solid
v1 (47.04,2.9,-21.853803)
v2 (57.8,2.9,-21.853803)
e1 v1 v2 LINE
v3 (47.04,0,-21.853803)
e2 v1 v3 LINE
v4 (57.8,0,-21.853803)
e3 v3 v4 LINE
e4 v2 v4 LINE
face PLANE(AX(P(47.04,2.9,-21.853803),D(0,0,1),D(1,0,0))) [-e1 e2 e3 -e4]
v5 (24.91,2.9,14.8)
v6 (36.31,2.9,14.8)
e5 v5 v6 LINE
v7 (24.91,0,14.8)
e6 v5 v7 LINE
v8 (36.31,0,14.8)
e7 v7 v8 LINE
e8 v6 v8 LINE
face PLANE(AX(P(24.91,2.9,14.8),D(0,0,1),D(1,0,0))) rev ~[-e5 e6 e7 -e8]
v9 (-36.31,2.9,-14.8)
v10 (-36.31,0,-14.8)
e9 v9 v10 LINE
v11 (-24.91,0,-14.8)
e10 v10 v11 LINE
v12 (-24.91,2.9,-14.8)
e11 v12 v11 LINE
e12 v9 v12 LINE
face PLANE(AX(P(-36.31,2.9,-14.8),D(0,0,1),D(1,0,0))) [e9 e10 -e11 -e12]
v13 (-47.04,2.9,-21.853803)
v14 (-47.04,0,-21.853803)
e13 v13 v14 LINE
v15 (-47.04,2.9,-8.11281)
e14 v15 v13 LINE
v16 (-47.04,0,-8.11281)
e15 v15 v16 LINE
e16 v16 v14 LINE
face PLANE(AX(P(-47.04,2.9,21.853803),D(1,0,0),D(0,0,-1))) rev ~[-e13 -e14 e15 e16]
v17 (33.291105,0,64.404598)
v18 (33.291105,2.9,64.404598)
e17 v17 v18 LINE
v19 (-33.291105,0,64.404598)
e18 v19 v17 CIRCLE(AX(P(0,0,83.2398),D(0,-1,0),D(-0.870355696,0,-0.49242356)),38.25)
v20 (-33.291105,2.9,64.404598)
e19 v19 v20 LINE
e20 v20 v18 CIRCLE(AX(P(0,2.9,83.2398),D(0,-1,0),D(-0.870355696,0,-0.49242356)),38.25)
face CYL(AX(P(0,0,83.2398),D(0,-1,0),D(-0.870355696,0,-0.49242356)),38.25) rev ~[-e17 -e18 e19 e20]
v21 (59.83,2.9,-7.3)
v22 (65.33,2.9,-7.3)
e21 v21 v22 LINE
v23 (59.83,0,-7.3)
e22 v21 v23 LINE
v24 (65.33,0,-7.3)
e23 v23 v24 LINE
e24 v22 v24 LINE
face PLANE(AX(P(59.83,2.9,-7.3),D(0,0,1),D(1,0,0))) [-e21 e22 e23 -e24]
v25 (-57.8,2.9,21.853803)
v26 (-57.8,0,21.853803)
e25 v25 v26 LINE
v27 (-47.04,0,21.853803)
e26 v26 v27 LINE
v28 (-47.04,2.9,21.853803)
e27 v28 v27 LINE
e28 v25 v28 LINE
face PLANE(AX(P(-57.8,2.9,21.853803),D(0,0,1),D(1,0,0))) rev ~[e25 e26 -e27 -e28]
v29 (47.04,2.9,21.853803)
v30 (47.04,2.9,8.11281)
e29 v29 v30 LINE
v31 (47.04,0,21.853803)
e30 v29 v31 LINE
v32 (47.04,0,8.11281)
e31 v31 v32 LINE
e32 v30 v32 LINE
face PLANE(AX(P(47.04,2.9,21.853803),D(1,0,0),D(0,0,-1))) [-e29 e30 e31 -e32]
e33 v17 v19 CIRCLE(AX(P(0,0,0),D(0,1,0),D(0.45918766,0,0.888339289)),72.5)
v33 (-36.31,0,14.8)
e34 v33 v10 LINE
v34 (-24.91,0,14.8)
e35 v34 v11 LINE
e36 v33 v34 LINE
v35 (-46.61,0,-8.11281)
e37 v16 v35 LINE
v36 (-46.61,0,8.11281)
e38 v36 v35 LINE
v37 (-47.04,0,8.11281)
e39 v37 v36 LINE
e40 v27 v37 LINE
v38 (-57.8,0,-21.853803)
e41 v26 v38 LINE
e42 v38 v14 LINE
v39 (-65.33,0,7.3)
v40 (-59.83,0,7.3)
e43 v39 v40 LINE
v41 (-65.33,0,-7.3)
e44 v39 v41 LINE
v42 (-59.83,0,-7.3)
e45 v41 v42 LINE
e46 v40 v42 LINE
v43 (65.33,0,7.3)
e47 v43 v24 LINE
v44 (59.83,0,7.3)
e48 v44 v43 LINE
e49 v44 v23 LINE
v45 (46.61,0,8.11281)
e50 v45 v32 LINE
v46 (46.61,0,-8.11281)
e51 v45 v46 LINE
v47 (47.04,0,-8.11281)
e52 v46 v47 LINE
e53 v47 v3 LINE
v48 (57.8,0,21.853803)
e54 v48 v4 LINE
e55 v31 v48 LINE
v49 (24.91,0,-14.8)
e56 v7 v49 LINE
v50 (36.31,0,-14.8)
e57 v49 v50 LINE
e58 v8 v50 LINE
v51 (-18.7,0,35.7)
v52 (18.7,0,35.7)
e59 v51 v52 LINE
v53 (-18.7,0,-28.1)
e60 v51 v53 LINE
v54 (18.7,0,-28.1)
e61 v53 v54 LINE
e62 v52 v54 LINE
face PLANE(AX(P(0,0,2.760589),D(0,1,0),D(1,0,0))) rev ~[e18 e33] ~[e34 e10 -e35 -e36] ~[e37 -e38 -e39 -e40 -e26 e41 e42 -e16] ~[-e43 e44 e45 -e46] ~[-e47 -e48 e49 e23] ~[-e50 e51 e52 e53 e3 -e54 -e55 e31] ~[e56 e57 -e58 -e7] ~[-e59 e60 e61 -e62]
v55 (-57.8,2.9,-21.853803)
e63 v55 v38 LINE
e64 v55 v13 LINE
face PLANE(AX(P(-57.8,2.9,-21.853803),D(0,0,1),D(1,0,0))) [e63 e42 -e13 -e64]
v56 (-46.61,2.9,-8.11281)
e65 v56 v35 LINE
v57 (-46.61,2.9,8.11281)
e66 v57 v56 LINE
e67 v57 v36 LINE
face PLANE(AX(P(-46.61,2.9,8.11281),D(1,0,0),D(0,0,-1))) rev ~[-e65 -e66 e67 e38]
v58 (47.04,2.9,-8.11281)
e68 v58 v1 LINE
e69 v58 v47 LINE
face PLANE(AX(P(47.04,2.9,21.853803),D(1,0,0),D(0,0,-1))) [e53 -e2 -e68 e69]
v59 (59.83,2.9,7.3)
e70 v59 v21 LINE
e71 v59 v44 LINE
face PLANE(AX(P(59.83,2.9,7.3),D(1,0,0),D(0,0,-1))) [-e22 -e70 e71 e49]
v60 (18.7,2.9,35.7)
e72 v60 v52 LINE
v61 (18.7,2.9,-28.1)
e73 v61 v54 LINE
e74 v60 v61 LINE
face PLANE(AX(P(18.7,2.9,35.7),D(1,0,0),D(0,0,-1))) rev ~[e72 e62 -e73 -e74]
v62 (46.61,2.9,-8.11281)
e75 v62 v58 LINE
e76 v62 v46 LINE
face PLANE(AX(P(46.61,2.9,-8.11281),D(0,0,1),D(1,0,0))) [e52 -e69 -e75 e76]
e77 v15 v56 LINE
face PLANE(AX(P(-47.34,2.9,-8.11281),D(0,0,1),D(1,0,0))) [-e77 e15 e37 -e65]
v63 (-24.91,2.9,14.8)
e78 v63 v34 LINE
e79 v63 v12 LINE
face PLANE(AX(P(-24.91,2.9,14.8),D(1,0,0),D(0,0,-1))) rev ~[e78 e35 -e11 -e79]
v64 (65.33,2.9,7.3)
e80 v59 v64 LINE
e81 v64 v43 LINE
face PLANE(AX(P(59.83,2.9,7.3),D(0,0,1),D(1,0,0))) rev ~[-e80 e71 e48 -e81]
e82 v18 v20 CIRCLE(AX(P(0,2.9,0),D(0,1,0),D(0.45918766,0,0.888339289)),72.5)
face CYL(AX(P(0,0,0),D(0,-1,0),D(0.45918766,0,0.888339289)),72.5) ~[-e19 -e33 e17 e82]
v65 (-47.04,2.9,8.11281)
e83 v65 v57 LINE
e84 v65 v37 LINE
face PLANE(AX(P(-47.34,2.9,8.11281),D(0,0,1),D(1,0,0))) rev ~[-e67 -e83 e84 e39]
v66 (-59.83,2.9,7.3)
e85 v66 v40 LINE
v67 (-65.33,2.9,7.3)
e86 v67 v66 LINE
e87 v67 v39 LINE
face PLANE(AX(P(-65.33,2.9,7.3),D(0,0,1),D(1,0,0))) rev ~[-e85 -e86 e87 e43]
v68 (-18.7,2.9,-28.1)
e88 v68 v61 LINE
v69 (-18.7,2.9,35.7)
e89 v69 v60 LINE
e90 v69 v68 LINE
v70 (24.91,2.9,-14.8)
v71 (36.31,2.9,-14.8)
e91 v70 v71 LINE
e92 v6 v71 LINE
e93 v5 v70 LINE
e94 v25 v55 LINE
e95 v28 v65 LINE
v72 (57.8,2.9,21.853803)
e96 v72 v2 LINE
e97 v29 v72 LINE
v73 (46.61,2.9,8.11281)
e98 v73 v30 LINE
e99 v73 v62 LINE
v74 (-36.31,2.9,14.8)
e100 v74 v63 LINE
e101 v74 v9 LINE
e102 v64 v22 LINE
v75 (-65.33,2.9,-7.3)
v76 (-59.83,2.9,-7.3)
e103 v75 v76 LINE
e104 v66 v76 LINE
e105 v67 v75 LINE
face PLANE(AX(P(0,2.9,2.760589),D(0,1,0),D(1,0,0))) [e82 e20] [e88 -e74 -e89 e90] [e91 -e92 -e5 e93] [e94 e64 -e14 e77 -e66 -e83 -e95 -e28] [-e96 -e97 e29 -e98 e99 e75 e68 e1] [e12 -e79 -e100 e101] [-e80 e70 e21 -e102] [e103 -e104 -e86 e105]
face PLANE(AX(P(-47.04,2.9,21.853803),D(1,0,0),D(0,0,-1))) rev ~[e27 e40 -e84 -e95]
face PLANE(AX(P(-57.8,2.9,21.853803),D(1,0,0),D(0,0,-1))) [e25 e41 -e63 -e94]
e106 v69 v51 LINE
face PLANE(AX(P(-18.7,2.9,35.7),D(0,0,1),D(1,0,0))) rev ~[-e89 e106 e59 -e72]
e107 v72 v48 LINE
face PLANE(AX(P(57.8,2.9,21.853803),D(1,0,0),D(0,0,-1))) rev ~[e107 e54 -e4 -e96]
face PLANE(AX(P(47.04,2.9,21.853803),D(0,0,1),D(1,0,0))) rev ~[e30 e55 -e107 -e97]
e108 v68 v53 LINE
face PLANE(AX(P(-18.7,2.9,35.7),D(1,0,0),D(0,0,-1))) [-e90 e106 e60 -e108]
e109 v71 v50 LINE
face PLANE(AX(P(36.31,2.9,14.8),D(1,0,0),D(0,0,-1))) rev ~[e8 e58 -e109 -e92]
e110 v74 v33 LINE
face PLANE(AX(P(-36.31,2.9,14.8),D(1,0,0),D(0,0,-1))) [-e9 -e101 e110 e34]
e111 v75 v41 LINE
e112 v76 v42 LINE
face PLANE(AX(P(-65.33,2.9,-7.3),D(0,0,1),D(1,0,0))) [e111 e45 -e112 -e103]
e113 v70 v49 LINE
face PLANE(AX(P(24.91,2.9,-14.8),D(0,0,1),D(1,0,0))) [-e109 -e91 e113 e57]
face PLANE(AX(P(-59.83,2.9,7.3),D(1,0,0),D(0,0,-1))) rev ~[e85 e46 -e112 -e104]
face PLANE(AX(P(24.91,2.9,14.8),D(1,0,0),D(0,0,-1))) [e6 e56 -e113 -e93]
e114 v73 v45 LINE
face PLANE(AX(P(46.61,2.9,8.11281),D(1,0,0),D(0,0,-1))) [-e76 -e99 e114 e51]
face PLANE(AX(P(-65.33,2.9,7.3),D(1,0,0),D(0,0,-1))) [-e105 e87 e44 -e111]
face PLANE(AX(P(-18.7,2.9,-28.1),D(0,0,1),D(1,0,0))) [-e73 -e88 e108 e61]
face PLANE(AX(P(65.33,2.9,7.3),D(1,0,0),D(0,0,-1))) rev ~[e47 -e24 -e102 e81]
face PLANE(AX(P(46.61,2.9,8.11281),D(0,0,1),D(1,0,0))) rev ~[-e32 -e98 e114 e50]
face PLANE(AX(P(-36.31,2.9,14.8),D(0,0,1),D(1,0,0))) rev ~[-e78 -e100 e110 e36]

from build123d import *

# Parameters (mm, degrees)
BOSS_EXTRUDE1_DEPTH  = 2.9
SOLENOID_PLACEMENT_W = 37.4
SOLENOID_PLACEMENT_H = 63.8
CUT_EXTRUDE1_DEPTH   = 103.571487266
SKETCH2_W            = 10.76
SKETCH2_H            = 43.707605188
CUT_EXTRUDE2_DEPTH   = 103.571487266
SKETCH3_W            = 11.4
SKETCH3_H            = 29.6
CUT_EXTRUDE3_DEPTH   = 103.571487266
SKETCH5_W            = 5.5
SKETCH5_H            = 14.6
CUT_EXTRUDE4_DEPTH   = 103.571487266
SKETCH6_W            = 0.73
SKETCH6_H            = 16.225619988
CUT_EXTRUDE5_DEPTH   = 103.571487266


with BuildPart() as part:
    # Sketch1 → Boss-Extrude1 (new body)
    with BuildSketch(Plane(origin=(0, 0, 0), x_dir=(1, 0, 0), z_dir=(0, 1, 0))):
        with BuildLine():
            ThreePointArc((33.29110537, -64.404598464), (0, 72.5), (-33.29110537, -64.404598464))
            ThreePointArc((-33.29110537, -64.404598464), (0, -44.989799638), (33.29110537, -64.404598464))
        make_face()
    extrude(amount=BOSS_EXTRUDE1_DEPTH)

    # solenoid placement → Cut-Extrude1 (cut, through all)
    with BuildSketch(Plane(origin=(0, 2.9, 0), x_dir=(1, 0, 0), z_dir=(0, 1, 0))):
        with Locations((0, -3.8)):
            Rectangle(SOLENOID_PLACEMENT_W, SOLENOID_PLACEMENT_H)
    extrude(amount=-CUT_EXTRUDE1_DEPTH, mode=Mode.SUBTRACT)

    # Sketch2 → Cut-Extrude2 (cut, through all)
    with BuildSketch(Plane(origin=(0, 2.9, 0), x_dir=(1, 0, 0), z_dir=(0, 1, 0))):
        with Locations((52.42, 0)):
            Rectangle(SKETCH2_W, SKETCH2_H)
        with Locations((-52.42, 0)):
            Rectangle(SKETCH2_W, SKETCH2_H)
    extrude(amount=-CUT_EXTRUDE2_DEPTH, mode=Mode.SUBTRACT)

    # Sketch3 → Cut-Extrude3 (cut, through all)
    with BuildSketch(Plane(origin=(0, 2.9, 0), x_dir=(1, 0, 0), z_dir=(0, 1, 0))):
        with Locations((-30.61, 0)):
            Rectangle(SKETCH3_W, SKETCH3_H)
        with Locations((30.61, 0)):
            Rectangle(SKETCH3_W, SKETCH3_H)
    extrude(amount=-CUT_EXTRUDE3_DEPTH, mode=Mode.SUBTRACT)

    # Sketch5 → Cut-Extrude4 (cut, through all)
    with BuildSketch(Plane(origin=(0, 2.9, 0), x_dir=(1, 0, 0), z_dir=(0, 1, 0))):
        with Locations((-62.58, 0)):
            Rectangle(SKETCH5_W, SKETCH5_H)
        with Locations((62.58, 0)):
            Rectangle(SKETCH5_W, SKETCH5_H)
    extrude(amount=-CUT_EXTRUDE4_DEPTH, mode=Mode.SUBTRACT)

    # Sketch6 → Cut-Extrude5 (cut, through all)
    with BuildSketch(Plane(origin=(0, 2.9, 0), x_dir=(1, 0, 0), z_dir=(0, 1, 0))):
        with Locations((-46.975, 0)):
            Rectangle(SKETCH6_W, SKETCH6_H)
        with Locations((46.975, 0)):
            Rectangle(SKETCH6_W, SKETCH6_H)
    extrude(amount=-CUT_EXTRUDE5_DEPTH, mode=Mode.SUBTRACT)


solid = part.part
